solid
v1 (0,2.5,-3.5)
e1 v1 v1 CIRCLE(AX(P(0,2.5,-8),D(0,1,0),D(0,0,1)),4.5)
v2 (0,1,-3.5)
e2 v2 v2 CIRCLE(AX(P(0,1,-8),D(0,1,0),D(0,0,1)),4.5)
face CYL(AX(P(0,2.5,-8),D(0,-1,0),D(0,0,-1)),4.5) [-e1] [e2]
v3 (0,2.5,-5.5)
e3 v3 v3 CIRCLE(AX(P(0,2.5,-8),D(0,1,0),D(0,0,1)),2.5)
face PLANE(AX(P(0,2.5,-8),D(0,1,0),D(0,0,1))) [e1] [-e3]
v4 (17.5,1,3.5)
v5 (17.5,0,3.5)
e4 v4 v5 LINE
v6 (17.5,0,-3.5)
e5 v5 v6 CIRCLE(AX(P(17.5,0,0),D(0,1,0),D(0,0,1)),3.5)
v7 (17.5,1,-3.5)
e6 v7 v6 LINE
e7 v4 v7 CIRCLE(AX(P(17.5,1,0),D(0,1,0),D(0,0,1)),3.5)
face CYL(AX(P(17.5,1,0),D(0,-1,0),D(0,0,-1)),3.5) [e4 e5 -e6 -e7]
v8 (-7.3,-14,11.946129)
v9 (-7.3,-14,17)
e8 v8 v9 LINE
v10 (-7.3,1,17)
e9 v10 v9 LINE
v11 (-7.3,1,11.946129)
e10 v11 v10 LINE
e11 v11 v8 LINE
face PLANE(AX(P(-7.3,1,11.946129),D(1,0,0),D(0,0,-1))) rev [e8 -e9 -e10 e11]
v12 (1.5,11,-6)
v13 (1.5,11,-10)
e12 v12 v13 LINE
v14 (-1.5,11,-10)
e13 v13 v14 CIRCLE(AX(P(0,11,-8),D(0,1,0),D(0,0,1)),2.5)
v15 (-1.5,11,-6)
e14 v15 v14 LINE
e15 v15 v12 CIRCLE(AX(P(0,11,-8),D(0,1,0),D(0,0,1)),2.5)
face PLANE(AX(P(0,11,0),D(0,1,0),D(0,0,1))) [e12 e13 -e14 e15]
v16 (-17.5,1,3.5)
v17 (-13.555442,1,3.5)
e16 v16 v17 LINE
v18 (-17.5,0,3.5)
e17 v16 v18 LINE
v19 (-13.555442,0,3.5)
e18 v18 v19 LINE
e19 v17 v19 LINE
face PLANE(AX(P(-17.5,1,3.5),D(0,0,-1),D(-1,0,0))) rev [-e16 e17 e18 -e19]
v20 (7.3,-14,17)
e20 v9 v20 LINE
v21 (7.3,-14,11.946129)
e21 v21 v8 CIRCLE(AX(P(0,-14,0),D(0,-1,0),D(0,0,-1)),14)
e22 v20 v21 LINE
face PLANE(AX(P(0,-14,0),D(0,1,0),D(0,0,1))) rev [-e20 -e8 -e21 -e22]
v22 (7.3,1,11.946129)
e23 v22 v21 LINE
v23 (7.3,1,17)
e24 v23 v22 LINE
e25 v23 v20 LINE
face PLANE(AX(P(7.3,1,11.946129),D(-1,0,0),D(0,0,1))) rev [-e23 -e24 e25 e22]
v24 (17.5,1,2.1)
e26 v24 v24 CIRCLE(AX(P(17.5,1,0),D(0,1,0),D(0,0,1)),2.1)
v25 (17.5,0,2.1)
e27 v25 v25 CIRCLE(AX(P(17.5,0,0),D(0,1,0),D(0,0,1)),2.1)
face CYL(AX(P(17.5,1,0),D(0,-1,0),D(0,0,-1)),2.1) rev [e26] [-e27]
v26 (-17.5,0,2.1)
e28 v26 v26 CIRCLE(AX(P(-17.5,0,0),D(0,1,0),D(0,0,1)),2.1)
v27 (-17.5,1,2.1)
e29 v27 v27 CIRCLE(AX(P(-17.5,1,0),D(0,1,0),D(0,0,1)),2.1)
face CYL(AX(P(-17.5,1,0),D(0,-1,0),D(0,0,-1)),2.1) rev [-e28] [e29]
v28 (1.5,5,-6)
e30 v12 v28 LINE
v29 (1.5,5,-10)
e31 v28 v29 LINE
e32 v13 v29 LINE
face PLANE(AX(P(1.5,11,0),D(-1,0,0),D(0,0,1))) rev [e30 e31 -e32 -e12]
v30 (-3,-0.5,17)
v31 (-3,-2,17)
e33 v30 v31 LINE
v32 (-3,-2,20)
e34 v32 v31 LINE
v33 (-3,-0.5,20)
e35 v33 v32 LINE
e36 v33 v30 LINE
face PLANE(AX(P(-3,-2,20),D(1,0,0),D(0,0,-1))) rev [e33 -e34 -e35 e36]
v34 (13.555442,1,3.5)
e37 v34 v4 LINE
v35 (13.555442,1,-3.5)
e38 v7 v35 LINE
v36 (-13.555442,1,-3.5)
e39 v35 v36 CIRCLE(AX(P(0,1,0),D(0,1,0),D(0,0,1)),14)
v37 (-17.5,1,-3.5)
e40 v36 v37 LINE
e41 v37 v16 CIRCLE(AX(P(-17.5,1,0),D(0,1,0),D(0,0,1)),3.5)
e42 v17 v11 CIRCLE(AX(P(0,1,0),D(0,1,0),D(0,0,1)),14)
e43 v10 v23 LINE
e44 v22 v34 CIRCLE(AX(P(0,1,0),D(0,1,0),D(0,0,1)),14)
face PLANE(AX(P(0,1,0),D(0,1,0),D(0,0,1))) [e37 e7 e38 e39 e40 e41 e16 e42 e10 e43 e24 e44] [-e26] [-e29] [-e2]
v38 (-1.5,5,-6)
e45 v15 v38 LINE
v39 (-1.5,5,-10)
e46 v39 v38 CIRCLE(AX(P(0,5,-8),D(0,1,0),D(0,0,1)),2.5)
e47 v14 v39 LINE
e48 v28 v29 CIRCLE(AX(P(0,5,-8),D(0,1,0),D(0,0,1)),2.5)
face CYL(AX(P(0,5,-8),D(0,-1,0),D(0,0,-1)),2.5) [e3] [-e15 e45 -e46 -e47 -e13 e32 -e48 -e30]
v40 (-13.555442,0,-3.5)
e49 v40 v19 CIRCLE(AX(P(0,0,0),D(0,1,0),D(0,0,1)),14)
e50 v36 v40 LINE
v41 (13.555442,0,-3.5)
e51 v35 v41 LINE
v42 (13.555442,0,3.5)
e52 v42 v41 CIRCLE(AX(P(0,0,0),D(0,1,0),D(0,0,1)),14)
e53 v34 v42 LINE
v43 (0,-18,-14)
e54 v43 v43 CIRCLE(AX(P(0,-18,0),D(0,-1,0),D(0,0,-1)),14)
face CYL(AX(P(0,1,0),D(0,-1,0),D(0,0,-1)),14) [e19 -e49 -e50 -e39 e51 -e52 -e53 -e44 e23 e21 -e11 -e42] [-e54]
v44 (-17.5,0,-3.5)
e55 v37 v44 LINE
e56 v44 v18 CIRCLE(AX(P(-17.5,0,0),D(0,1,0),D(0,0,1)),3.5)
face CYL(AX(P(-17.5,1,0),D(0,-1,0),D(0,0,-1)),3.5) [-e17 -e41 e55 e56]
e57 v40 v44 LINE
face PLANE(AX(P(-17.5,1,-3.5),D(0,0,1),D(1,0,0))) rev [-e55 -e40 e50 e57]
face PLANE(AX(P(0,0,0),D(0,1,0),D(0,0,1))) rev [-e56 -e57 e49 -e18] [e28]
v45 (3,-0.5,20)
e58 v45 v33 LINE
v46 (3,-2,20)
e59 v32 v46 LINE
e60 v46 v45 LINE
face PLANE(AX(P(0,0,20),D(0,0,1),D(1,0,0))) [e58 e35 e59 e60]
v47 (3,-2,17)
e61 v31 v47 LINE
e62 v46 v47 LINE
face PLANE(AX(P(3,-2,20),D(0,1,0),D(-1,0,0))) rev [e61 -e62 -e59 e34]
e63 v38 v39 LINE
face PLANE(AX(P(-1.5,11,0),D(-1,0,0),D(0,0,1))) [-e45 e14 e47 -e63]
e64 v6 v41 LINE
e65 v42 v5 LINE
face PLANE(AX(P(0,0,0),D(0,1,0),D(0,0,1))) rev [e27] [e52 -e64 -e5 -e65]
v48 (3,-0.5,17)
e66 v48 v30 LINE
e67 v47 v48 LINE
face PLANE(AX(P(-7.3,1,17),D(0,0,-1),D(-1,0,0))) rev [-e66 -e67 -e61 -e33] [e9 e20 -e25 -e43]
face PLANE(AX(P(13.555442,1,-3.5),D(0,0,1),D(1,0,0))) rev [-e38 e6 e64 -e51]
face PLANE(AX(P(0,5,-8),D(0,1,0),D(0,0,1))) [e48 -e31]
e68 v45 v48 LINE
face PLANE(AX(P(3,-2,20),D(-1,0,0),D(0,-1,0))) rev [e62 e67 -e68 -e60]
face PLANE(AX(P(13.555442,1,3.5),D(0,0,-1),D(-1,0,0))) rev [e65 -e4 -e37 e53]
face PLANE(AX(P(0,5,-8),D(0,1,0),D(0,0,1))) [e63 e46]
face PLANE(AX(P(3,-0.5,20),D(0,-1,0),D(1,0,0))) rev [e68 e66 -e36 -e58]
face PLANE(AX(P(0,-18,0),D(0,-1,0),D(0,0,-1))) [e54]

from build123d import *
from build123d.topology import SkipClean

# Parameters (mm, degrees)
SKETCH1_R           = 2.1
BOSS_EXTRUDE1_DEPTH = 1
BOSS_EXTRUDE2_START = -14
BOSS_EXTRUDE2_DEPTH = 14
BOSS_EXTRUDE3_START = 4
SKETCH3_R           = 14
BOSS_EXTRUDE3_DEPTH = 4
SKETCH4_R           = 4.5
BOSS_EXTRUDE4_DEPTH = 1.5
SKETCH5_R           = 2.5
BOSS_EXTRUDE5_DEPTH = 2.5
BOSS_EXTRUDE6_DEPTH = 6
SKETCH7_W           = 6
SKETCH7_H           = 1.5
BOSS_EXTRUDE7_DEPTH = 3


with BuildPart() as part:
    # Sketch1 → Boss-Extrude1 (new body)
    with BuildSketch(Plane(origin=(0, 0, 0), x_dir=(1, 0, 0), z_dir=(0, 1, 0))):
        with BuildLine():
            Line((-17.5, 3.5), (-13.555441712, 3.5))
            ThreePointArc((-13.555441712, 3.5), (0, 14), (13.555441712, 3.5))
            Line((13.555441712, 3.5), (17.5, 3.5))
            ThreePointArc((17.5, 3.5), (21, 0), (17.5, -3.5))
            Line((17.5, -3.5), (13.555441712, -3.5))
            ThreePointArc((13.555441712, -3.5), (11.250406053, -8.332368429), (7.3, -11.94612908))
            Line((7.3, -11.94612908), (7.3, -17))
            Line((7.3, -17), (-7.3, -17))
            Line((-7.3, -17), (-7.3, -11.94612908))
            ThreePointArc((-7.3, -11.94612908), (-11.250406053, -8.332368429), (-13.555441712, -3.5))
            Line((-13.555441712, -3.5), (-17.5, -3.5))
            ThreePointArc((-17.5, -3.5), (-21, 0), (-17.5, 3.5))
        make_face()
        with Locations(Location((-17.5, 0, 0), (0, 0, 270))):
            Circle(SKETCH1_R, mode=Mode.SUBTRACT)
        with Locations(Location((17.5, 0, 0), (0, 0, 270))):
            Circle(SKETCH1_R, mode=Mode.SUBTRACT)
    extrude(amount=BOSS_EXTRUDE1_DEPTH)

    # Sketch2 → Boss-Extrude2 (add)
    with SkipClean():  # the faces are left unmerged after this step: merging them gives an invalid solid
        with BuildSketch(Plane(origin=(0, 0, 0), x_dir=(1, 0, 0), z_dir=(0, 1, 0)).offset(BOSS_EXTRUDE2_START)):
            with BuildLine():
                Line((-7.3, -17), (7.3, -17))
                Line((7.3, -17), (7.3, -11.94612908))
                ThreePointArc((7.3, -11.94612908), (0, 14), (-7.3, -11.94612908))
                Line((-7.3, -11.94612908), (-7.3, -17))
            make_face()
        extrude(amount=BOSS_EXTRUDE2_DEPTH)

    # Sketch3 → Boss-Extrude3 (add)
    with SkipClean():  # the faces are left unmerged after this step: merging them gives an invalid solid
        with BuildSketch(Plane.XZ.offset(14).offset(BOSS_EXTRUDE3_START)):
            with Locations(Location((0, 0, 0), (0, 0, 270))):
                Circle(SKETCH3_R)
        extrude(amount=-BOSS_EXTRUDE3_DEPTH)

    # Sketch4 → Boss-Extrude4 (add)
    with SkipClean():  # the faces are left unmerged after this step: merging them gives an invalid solid
        with BuildSketch(Plane(origin=(0, 1, 0), x_dir=(1, 0, 0), z_dir=(0, 1, 0))):
            with Locations(Location((0, 8, 0), (0, 0, 270))):
                Circle(SKETCH4_R)
        extrude(amount=BOSS_EXTRUDE4_DEPTH)

    # Sketch5 → Boss-Extrude5 (add)
    with SkipClean():  # the faces are left unmerged after this step: merging them gives an invalid solid
        with BuildSketch(Plane(origin=(0, 2.5, 0), x_dir=(1, 0, 0), z_dir=(0, 1, 0))):
            with Locations(Location((0, 8, 0), (0, 0, 270))):
                Circle(SKETCH5_R)
        extrude(amount=BOSS_EXTRUDE5_DEPTH)

    # Sketch6 → Boss-Extrude6 (add)
    with SkipClean():  # the faces are left unmerged after this step: merging them gives an invalid solid
        with BuildSketch(Plane(origin=(0, 5, 0), x_dir=(1, 0, 0), z_dir=(0, 1, 0))):
            with BuildLine():
                ThreePointArc((-1.5, 6), (0, 5.5), (1.5, 6))
                Line((1.5, 6), (1.5, 10))
                ThreePointArc((1.5, 10), (0, 10.5), (-1.5, 10))
                Line((-1.5, 10), (-1.5, 6))
            make_face()
        extrude(amount=BOSS_EXTRUDE6_DEPTH)

    # Sketch7 → Boss-Extrude7 (add)
    with SkipClean():  # the faces are left unmerged after this step: merging them gives an invalid solid
        with BuildSketch(Plane.XY.offset(17)):
            with Locations((0, -1.25)):
                Rectangle(SKETCH7_W, SKETCH7_H)
        extrude(amount=BOSS_EXTRUDE7_DEPTH)


solid = part.part
